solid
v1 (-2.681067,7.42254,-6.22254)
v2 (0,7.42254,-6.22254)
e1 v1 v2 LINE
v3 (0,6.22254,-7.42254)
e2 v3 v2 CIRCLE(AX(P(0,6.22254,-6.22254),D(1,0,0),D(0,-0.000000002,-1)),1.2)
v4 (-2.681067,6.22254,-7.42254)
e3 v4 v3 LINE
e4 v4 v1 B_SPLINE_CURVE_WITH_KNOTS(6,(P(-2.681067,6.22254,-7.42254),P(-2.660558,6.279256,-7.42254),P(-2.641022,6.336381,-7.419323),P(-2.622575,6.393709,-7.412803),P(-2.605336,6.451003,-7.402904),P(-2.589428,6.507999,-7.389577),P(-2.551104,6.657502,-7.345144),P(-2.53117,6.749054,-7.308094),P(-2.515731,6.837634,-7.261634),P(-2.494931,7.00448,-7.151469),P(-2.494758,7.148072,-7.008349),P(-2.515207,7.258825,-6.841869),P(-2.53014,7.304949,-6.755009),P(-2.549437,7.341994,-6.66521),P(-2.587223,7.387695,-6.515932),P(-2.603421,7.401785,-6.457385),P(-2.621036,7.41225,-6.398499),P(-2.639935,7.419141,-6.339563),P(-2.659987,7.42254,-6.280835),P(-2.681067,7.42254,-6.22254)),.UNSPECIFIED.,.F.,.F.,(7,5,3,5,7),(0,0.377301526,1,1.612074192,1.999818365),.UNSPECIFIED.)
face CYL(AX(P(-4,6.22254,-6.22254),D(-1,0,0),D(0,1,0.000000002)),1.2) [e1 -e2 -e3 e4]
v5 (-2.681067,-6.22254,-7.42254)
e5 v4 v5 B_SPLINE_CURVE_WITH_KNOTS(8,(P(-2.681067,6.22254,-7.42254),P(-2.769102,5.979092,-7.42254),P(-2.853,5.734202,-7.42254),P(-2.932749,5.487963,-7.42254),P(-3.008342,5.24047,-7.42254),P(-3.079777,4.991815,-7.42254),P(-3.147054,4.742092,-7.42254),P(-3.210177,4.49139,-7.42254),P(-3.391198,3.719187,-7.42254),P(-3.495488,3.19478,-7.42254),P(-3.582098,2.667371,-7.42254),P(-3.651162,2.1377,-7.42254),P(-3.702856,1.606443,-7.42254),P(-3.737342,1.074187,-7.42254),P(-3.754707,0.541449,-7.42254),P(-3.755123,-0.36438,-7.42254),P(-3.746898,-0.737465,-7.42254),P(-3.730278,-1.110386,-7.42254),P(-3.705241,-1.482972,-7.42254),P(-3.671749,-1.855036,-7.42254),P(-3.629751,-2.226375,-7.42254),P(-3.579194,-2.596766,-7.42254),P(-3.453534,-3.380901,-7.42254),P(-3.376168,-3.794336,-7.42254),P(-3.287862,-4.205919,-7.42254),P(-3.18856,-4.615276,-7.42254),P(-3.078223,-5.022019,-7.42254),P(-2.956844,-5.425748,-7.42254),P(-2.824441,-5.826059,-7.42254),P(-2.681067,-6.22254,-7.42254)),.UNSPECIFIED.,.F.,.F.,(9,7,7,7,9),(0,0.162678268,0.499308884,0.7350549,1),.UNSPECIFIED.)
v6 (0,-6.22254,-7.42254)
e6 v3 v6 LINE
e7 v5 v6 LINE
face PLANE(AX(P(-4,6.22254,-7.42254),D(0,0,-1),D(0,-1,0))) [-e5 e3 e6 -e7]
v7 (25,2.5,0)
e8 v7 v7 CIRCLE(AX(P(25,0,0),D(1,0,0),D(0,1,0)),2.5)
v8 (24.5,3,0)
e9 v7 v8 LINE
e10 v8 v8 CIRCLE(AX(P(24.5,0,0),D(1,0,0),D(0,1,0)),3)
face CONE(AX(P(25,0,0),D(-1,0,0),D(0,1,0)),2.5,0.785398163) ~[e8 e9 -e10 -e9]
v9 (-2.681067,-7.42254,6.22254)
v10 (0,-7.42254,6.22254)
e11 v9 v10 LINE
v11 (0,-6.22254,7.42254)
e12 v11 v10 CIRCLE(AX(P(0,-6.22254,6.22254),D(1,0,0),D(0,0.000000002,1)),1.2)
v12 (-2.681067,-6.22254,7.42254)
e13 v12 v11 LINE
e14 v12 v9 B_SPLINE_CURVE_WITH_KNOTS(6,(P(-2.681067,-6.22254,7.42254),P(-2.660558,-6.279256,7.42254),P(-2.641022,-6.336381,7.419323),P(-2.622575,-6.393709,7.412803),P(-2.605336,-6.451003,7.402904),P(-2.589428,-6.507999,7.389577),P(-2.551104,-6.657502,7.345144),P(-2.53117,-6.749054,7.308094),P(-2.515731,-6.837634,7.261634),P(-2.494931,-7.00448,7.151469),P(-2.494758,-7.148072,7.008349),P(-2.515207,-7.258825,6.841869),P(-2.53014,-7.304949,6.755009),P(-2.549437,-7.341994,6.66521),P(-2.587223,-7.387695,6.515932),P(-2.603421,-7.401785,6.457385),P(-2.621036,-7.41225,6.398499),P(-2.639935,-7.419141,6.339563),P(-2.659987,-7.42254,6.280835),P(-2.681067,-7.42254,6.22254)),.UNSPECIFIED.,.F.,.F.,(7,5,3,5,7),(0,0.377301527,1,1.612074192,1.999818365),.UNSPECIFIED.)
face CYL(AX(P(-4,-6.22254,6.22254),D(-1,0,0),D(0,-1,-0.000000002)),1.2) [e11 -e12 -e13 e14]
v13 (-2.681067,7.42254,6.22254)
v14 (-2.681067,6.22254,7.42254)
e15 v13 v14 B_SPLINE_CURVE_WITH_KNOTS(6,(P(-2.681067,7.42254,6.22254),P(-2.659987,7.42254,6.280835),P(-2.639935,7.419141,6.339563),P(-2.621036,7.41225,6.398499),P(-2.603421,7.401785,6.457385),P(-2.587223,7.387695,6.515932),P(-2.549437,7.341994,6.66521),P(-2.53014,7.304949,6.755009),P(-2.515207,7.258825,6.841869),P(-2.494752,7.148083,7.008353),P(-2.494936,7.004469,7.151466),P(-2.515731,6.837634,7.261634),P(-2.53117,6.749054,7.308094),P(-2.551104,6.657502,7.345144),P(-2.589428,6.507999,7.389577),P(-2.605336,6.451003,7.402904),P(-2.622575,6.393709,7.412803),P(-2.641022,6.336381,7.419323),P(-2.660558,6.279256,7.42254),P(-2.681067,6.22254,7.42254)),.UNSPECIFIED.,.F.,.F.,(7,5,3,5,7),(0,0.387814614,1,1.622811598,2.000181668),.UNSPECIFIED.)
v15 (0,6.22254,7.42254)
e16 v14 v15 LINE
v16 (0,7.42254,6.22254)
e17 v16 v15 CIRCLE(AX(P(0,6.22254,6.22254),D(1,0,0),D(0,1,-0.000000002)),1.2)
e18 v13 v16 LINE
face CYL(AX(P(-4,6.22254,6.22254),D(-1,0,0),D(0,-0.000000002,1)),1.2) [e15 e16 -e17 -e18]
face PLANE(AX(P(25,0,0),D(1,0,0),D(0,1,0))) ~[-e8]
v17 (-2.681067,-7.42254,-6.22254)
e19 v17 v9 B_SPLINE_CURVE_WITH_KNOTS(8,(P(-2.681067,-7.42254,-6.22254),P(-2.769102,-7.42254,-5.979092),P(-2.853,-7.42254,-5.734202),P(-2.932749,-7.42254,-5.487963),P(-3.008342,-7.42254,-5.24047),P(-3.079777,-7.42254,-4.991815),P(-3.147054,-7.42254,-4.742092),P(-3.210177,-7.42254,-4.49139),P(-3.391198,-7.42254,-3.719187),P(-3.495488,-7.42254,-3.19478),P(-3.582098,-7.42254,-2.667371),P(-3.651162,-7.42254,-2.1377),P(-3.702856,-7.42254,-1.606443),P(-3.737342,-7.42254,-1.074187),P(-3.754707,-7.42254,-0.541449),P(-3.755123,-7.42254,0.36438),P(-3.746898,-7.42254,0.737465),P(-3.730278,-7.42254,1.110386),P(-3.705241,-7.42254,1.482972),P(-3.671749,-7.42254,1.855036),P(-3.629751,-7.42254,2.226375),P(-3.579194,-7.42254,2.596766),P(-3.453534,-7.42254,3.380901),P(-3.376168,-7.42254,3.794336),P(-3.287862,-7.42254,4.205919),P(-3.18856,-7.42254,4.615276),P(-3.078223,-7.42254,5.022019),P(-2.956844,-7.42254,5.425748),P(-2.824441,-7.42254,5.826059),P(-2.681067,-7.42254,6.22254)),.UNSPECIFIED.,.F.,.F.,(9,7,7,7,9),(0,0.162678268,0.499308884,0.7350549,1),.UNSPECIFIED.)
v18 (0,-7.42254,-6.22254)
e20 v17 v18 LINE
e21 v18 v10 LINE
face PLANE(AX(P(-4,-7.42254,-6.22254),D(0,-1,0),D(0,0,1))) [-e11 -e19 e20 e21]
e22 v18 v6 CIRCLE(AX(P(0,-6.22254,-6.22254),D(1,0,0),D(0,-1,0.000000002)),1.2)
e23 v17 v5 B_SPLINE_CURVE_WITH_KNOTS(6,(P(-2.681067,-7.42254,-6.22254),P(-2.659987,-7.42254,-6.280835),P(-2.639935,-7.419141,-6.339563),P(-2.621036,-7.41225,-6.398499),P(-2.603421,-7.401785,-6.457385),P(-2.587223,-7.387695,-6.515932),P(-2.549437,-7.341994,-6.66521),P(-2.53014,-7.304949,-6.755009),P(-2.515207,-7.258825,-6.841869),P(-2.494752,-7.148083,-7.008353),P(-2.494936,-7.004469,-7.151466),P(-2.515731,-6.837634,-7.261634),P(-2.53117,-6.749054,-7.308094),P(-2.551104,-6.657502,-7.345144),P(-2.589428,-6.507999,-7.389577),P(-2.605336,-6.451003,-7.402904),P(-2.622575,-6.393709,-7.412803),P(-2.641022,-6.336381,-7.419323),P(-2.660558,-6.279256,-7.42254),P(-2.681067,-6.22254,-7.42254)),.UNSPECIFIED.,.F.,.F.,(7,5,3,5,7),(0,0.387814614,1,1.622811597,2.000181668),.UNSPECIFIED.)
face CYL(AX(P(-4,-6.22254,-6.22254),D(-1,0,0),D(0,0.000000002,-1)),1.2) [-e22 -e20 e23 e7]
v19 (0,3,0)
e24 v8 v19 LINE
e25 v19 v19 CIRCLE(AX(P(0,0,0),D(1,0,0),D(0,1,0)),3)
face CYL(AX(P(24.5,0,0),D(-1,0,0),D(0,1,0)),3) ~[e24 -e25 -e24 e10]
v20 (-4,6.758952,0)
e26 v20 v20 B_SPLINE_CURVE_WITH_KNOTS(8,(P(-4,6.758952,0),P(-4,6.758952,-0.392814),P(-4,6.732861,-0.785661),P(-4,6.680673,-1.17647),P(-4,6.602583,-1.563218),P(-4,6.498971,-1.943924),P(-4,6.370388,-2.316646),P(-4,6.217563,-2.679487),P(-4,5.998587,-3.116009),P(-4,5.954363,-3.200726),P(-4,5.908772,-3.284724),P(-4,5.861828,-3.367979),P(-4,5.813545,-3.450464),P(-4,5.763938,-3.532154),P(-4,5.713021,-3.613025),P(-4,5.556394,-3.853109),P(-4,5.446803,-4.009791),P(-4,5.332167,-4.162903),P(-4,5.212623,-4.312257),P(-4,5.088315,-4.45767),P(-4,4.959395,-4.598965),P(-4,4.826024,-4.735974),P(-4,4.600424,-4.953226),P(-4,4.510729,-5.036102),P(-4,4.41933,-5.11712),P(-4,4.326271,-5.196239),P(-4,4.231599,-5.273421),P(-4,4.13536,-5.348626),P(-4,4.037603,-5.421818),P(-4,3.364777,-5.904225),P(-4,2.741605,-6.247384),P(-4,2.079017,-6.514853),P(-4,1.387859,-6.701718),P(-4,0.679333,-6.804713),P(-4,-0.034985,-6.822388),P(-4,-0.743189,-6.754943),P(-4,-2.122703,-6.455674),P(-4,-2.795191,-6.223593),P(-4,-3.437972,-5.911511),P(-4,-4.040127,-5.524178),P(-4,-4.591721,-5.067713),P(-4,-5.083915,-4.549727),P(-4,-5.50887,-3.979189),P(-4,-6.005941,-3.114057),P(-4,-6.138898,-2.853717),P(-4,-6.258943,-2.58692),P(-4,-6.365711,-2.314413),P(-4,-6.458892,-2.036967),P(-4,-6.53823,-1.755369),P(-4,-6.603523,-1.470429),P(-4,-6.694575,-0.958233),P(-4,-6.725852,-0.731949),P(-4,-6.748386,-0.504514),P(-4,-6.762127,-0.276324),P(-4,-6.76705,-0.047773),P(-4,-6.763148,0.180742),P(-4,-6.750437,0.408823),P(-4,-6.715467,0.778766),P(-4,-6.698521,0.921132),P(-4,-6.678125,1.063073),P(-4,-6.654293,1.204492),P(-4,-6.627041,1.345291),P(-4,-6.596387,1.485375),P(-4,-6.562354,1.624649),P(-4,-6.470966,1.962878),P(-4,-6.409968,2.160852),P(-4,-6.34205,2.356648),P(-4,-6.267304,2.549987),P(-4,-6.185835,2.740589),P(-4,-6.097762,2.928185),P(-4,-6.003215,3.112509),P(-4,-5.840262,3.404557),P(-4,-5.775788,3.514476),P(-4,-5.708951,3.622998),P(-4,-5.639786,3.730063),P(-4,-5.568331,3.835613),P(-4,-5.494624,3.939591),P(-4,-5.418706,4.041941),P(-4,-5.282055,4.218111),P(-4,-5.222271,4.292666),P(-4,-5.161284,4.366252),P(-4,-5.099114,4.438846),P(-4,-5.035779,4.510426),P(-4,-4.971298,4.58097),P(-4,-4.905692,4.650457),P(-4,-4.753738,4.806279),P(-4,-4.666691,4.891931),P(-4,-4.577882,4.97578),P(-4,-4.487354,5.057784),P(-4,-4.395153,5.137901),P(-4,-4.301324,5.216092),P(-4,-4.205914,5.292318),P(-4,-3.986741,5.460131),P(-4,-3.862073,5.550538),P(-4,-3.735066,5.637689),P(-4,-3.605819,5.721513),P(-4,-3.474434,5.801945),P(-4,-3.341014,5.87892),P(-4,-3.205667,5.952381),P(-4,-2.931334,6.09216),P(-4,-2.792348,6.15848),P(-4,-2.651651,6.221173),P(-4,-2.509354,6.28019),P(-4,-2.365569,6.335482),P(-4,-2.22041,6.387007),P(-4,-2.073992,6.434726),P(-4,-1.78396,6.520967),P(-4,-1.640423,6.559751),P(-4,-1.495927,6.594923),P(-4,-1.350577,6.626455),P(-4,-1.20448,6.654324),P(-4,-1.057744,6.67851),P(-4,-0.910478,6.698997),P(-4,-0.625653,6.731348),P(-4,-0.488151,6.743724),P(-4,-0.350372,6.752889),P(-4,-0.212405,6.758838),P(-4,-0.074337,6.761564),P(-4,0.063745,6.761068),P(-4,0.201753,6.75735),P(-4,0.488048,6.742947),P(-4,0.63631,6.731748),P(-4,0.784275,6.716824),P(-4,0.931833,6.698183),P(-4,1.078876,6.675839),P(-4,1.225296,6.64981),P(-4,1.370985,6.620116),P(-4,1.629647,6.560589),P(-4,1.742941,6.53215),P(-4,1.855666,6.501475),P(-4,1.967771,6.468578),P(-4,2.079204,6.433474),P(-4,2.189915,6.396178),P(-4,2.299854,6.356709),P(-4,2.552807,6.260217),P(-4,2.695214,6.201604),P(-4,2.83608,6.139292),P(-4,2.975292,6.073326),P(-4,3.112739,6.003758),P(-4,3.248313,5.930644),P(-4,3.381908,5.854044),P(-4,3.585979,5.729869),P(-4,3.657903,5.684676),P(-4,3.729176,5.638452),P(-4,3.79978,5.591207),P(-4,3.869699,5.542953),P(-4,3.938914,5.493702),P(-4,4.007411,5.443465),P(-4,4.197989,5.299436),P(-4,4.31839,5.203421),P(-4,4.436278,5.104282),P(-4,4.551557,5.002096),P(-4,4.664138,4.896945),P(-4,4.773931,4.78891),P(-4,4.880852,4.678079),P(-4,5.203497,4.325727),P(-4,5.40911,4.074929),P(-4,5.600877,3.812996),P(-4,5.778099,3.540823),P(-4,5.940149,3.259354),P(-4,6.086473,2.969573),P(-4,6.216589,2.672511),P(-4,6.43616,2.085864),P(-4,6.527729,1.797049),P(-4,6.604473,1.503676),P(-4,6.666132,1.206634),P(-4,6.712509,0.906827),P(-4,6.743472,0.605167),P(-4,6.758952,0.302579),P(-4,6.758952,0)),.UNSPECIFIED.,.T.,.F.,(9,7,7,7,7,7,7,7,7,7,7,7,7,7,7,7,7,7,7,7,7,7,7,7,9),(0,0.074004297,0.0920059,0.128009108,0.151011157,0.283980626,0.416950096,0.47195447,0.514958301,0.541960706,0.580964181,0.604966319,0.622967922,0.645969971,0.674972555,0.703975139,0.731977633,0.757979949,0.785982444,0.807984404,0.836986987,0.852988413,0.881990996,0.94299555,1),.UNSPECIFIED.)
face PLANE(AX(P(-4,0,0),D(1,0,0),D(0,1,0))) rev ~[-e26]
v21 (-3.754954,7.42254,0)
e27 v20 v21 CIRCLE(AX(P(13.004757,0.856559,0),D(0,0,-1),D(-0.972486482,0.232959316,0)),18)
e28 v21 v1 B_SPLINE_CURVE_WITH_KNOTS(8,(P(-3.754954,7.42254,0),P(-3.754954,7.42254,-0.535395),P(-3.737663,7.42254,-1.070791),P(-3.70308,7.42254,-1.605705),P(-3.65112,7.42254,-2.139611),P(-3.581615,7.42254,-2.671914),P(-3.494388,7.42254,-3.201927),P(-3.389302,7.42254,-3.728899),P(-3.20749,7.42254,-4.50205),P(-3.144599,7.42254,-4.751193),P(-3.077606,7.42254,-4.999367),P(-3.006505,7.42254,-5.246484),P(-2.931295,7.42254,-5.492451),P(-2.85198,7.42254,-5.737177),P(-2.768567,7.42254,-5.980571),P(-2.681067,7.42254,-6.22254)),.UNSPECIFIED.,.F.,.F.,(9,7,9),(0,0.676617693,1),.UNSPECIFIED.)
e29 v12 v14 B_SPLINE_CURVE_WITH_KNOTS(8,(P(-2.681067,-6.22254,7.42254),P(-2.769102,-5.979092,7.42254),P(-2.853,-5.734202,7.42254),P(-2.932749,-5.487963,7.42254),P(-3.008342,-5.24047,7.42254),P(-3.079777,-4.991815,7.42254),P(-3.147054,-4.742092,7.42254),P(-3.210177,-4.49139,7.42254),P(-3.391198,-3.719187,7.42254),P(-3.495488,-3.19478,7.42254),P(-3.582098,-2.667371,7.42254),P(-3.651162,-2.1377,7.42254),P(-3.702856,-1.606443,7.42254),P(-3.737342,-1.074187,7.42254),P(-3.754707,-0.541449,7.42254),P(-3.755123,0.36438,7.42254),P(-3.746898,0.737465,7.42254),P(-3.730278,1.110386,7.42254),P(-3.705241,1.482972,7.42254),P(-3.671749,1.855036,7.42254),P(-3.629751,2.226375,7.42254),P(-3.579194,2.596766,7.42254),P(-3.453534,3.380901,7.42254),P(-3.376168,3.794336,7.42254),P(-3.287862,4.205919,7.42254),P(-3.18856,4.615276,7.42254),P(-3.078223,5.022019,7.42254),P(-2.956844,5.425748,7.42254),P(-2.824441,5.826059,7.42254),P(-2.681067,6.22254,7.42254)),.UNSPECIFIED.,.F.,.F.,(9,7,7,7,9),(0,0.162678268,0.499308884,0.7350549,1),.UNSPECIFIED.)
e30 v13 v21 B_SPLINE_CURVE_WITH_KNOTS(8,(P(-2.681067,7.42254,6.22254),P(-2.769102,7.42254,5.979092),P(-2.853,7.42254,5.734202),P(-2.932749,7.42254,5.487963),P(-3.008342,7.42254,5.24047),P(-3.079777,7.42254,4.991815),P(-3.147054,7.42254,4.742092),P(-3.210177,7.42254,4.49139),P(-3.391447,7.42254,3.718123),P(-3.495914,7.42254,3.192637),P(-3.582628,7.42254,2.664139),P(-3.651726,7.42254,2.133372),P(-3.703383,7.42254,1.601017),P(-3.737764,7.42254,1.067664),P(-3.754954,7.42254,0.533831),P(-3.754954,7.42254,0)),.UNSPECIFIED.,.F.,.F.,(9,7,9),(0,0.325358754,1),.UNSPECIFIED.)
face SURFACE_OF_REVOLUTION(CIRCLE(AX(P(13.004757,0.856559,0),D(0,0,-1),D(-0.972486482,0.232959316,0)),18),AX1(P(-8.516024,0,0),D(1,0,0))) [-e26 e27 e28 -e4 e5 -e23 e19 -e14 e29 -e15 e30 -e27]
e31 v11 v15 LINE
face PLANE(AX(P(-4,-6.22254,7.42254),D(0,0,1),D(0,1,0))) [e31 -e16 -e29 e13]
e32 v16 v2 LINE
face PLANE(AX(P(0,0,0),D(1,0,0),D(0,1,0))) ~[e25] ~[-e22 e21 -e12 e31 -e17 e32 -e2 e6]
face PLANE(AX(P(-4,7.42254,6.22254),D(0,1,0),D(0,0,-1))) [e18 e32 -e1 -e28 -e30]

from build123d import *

# Parameters (mm, degrees)
ESQUISSE2_R             = 12.439656977
ENL_V_MAT_EXTRU_1_DEPTH = 33.26453161


with BuildPart() as part:
    # Esquisse1 → Révolution1 (revolve)
    with BuildSketch(Plane.XY):
        Polygon((0, 3), (0, 10), (-4, 10), (-4, 0), (25, 0), (25, 2.5), (24.5, 3), align=None)
    revolve(axis=Axis((-17.165934066, 0, 0), (1, 0, 0)))

    # Esquisse2 → Enlèv. mat.-Extru.1 (cut, through all)
    with BuildSketch(Plane.ZY.offset(4)):
        Circle(ESQUISSE2_R)
        with BuildLine():
            Line((6.222539674, 7.422539674), (-6.222539674, 7.422539674))
            ThreePointArc((-6.222539674, 7.422539674), (-7.071067812, 7.071067812), (-7.422539674, 6.222539674))
            Line((-7.422539674, 6.222539674), (-7.422539674, -6.222539674))
            ThreePointArc((-7.422539674, -6.222539674), (-7.071067812, -7.071067812), (-6.222539674, -7.422539674))
            Line((-6.222539674, -7.422539674), (6.222539674, -7.422539674))
            ThreePointArc((6.222539674, -7.422539674), (7.071067812, -7.071067812), (7.422539674, -6.222539674))
            Line((7.422539674, -6.222539674), (7.422539674, 6.222539674))
            ThreePointArc((7.422539674, 6.222539674), (7.071067812, 7.071067812), (6.222539674, 7.422539674))
        make_face(mode=Mode.SUBTRACT)
    extrude(amount=-ENL_V_MAT_EXTRU_1_DEPTH, mode=Mode.SUBTRACT)

    # Esquisse3 → Enlèvement de matière-Révolution1 (revolve, cut)
    with BuildSketch(Plane.XY):
        with BuildLine():
            Line((-2.5, 10), (-4.5, 10))
            Line((-4.5, 10), (-4.5, 5.049826293))
            ThreePointArc((-4.5, 5.049826293), (-3.684552713, 7.599477283), (-2.5, 10))
        make_face()
    revolve(axis=Axis((-8.516023748, 0, 0), (1, 0, 0)), mode=Mode.SUBTRACT)


solid = part.part
